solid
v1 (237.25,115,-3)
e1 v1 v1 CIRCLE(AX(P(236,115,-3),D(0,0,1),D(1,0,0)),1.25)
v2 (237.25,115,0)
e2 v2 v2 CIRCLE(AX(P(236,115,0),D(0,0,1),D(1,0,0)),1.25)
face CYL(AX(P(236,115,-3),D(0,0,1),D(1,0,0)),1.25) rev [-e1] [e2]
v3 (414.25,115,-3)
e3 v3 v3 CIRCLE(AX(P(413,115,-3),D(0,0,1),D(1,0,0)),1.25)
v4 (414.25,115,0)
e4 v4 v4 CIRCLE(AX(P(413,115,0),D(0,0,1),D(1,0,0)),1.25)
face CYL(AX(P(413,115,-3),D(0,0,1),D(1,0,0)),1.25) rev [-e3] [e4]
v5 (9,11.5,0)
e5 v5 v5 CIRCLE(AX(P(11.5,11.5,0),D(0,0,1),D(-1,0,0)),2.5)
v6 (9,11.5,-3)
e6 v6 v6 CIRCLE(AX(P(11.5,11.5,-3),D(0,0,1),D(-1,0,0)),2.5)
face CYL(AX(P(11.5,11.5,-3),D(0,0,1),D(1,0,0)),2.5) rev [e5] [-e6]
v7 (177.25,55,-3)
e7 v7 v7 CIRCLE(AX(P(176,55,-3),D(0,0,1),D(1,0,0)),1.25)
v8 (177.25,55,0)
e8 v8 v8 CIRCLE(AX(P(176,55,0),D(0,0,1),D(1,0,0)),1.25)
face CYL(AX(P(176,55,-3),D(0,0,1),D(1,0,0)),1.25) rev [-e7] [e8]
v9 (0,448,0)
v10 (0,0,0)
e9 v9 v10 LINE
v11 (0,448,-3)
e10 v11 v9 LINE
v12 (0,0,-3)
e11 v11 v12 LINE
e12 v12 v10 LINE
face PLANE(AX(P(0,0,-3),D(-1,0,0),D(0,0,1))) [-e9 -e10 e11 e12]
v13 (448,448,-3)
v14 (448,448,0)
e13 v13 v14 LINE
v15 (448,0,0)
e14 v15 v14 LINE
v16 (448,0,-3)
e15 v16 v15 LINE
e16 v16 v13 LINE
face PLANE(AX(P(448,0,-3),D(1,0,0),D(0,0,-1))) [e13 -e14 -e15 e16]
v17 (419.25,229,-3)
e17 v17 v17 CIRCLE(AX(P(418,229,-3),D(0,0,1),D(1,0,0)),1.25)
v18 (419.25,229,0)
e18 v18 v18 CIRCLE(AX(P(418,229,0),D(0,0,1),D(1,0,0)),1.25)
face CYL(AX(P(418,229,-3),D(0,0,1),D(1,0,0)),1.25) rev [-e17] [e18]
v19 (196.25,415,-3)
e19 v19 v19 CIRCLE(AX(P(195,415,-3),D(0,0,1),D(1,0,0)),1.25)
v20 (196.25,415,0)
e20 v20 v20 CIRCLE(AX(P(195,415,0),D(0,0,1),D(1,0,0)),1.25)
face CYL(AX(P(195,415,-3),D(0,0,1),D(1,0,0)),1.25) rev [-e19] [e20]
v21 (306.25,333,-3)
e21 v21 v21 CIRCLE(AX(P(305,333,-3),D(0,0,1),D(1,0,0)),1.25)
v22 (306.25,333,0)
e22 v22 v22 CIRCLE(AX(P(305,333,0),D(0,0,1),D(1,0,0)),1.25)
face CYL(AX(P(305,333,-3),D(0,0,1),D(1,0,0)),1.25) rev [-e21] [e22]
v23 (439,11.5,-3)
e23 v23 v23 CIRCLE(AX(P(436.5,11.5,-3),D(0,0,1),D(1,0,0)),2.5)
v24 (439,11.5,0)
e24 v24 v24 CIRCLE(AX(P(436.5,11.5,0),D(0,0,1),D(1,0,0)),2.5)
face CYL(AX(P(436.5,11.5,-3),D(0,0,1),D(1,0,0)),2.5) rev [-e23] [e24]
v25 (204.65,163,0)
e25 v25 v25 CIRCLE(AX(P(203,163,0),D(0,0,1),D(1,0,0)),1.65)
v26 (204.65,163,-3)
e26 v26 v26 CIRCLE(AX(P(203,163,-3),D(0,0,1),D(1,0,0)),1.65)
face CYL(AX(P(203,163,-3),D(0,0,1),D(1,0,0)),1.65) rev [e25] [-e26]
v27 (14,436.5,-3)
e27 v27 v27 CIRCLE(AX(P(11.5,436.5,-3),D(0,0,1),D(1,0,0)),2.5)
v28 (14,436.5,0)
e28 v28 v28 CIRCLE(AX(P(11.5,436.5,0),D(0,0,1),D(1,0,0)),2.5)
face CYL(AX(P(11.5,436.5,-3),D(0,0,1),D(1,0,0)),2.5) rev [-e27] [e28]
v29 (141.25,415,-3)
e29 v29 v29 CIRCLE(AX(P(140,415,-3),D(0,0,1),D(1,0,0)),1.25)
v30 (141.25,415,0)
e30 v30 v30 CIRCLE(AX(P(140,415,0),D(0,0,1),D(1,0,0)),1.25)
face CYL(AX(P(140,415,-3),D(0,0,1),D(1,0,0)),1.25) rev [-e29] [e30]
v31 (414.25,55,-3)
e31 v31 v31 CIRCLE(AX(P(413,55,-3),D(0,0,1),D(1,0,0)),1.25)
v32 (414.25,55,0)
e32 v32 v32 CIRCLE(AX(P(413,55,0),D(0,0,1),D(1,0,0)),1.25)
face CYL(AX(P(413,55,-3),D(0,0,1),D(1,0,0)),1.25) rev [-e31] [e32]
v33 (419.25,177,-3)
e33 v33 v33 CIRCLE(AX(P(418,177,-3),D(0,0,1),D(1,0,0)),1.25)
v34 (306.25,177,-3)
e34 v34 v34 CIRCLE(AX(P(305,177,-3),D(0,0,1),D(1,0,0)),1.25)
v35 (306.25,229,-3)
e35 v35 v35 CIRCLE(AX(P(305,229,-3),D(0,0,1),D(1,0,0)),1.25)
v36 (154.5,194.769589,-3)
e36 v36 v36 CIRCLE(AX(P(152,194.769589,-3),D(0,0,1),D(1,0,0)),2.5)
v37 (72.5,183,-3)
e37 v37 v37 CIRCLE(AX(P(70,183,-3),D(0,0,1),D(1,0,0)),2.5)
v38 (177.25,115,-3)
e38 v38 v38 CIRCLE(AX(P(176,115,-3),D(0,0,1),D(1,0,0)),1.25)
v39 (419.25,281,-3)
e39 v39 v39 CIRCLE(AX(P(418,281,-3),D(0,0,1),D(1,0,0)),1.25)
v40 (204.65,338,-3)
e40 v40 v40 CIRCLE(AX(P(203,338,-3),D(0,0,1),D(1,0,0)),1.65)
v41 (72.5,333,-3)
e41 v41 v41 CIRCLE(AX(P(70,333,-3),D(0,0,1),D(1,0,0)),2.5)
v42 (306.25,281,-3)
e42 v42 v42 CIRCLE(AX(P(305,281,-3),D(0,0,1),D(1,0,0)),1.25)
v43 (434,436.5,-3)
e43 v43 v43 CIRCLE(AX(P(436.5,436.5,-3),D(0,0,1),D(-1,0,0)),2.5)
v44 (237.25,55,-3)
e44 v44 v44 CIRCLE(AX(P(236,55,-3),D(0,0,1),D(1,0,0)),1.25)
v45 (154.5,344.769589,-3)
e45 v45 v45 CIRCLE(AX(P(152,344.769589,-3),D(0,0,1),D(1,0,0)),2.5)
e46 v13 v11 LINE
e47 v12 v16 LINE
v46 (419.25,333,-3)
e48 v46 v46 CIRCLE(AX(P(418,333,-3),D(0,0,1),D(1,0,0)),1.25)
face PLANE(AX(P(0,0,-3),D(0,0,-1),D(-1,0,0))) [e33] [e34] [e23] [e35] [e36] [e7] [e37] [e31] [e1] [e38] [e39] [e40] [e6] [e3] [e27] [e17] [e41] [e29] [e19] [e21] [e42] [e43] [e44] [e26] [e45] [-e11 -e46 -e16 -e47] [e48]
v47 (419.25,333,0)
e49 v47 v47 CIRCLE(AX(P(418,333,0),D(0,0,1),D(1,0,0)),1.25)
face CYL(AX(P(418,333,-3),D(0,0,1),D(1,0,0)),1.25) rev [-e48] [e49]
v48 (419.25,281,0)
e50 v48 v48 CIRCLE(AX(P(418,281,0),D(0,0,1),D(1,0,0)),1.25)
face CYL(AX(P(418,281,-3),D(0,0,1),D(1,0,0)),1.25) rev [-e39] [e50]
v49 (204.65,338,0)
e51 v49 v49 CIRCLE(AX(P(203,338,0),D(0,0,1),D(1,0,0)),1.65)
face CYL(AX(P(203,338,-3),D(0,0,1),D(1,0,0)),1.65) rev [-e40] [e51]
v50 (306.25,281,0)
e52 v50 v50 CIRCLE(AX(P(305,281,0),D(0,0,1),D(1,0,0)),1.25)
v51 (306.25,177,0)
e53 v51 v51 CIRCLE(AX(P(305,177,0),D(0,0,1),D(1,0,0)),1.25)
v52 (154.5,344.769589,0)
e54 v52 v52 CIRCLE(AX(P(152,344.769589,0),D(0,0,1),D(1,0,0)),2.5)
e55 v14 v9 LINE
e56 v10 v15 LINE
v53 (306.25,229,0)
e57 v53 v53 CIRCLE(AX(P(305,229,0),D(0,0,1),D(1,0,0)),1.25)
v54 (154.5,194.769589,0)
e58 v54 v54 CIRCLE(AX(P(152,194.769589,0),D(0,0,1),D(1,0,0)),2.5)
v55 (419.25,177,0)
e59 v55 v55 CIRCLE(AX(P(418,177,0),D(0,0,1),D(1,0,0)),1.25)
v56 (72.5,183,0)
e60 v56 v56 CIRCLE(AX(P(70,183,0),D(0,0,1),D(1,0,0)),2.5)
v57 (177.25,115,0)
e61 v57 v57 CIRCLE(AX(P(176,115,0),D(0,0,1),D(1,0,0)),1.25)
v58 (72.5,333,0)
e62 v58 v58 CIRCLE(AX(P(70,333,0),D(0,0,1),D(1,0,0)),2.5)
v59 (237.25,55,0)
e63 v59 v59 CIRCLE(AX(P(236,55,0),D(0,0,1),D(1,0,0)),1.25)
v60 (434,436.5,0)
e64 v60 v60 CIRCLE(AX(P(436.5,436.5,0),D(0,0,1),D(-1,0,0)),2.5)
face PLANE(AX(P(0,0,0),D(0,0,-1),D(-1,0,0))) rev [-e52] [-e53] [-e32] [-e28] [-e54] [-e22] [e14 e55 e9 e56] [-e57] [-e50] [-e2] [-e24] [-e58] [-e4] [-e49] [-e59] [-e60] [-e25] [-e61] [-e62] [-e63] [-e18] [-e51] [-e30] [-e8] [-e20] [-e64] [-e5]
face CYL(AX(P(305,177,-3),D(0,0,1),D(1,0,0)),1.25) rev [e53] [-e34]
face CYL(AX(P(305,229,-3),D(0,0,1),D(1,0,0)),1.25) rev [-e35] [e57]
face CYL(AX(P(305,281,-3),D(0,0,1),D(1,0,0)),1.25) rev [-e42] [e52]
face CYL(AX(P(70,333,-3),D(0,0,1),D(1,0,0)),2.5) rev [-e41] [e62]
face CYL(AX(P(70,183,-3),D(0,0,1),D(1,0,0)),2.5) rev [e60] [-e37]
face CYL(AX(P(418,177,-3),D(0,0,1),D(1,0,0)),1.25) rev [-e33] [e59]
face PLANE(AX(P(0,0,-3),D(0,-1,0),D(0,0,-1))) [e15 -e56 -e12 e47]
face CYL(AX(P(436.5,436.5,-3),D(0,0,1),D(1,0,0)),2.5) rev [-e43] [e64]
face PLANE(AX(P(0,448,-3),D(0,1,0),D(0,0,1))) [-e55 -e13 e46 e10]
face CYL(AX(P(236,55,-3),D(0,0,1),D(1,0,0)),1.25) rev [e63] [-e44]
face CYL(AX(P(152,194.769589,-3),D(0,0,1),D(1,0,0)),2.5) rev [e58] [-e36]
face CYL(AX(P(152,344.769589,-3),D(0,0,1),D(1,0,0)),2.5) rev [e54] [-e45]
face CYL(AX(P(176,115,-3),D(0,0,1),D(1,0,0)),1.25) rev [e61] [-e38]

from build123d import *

# Parameters (mm, degrees)
SCHIZZO1_W                   = 448
SCHIZZO1_H                   = 448
SCHIZZO1_R                   = 2.5
SCHIZZO1_R_2                 = 1.25
SCHIZZO1_R_3                 = 1.65
ESTRUSIONE_ESTRUSIONE1_DEPTH = 3


with BuildPart() as part:
    # Schizzo1 → Estrusione-Estrusione1 (new body)
    with BuildSketch(Plane.XY):
        with Locations((224, 224)):
            Rectangle(SCHIZZO1_W, SCHIZZO1_H)
        with Locations((11.5, 436.5)):
            Circle(SCHIZZO1_R, mode=Mode.SUBTRACT)
        with Locations((436.5, 436.5)):
            Circle(SCHIZZO1_R, mode=Mode.SUBTRACT)
        with Locations((11.5, 11.5)):
            Circle(SCHIZZO1_R, mode=Mode.SUBTRACT)
        with Locations((436.5, 11.5)):
            Circle(SCHIZZO1_R, mode=Mode.SUBTRACT)
        with Locations((418, 177)):
            Circle(SCHIZZO1_R_2, mode=Mode.SUBTRACT)
        with Locations((305, 177)):
            Circle(SCHIZZO1_R_2, mode=Mode.SUBTRACT)
        with Locations((418, 229)):
            Circle(SCHIZZO1_R_2, mode=Mode.SUBTRACT)
        with Locations((305, 229)):
            Circle(SCHIZZO1_R_2, mode=Mode.SUBTRACT)
        with Locations((418, 281)):
            Circle(SCHIZZO1_R_2, mode=Mode.SUBTRACT)
        with Locations((305, 281)):
            Circle(SCHIZZO1_R_2, mode=Mode.SUBTRACT)
        with Locations((418, 333)):
            Circle(SCHIZZO1_R_2, mode=Mode.SUBTRACT)
        with Locations((305, 333)):
            Circle(SCHIZZO1_R_2, mode=Mode.SUBTRACT)
        with Locations((140, 415)):
            Circle(SCHIZZO1_R_2, mode=Mode.SUBTRACT)
        with Locations((195, 415)):
            Circle(SCHIZZO1_R_2, mode=Mode.SUBTRACT)
        with Locations((70, 333)):
            Circle(SCHIZZO1_R, mode=Mode.SUBTRACT)
        with Locations((70, 183)):
            Circle(SCHIZZO1_R, mode=Mode.SUBTRACT)
        with Locations((236, 55)):
            Circle(SCHIZZO1_R_2, mode=Mode.SUBTRACT)
        with Locations((236, 115)):
            Circle(SCHIZZO1_R_2, mode=Mode.SUBTRACT)
        with Locations((413, 115)):
            Circle(SCHIZZO1_R_2, mode=Mode.SUBTRACT)
        with Locations((413, 55)):
            Circle(SCHIZZO1_R_2, mode=Mode.SUBTRACT)
        with Locations((152, 344.76958941)):
            Circle(SCHIZZO1_R, mode=Mode.SUBTRACT)
        with Locations((152, 194.76958941)):
            Circle(SCHIZZO1_R, mode=Mode.SUBTRACT)
        with Locations((203, 338)):
            Circle(SCHIZZO1_R_3, mode=Mode.SUBTRACT)
        with Locations((203, 163)):
            Circle(SCHIZZO1_R_3, mode=Mode.SUBTRACT)
        with Locations((176, 115)):
            Circle(SCHIZZO1_R_2, mode=Mode.SUBTRACT)
        with Locations((176, 55)):
            Circle(SCHIZZO1_R_2, mode=Mode.SUBTRACT)
    extrude(amount=-ESTRUSIONE_ESTRUSIONE1_DEPTH)


solid = part.part
